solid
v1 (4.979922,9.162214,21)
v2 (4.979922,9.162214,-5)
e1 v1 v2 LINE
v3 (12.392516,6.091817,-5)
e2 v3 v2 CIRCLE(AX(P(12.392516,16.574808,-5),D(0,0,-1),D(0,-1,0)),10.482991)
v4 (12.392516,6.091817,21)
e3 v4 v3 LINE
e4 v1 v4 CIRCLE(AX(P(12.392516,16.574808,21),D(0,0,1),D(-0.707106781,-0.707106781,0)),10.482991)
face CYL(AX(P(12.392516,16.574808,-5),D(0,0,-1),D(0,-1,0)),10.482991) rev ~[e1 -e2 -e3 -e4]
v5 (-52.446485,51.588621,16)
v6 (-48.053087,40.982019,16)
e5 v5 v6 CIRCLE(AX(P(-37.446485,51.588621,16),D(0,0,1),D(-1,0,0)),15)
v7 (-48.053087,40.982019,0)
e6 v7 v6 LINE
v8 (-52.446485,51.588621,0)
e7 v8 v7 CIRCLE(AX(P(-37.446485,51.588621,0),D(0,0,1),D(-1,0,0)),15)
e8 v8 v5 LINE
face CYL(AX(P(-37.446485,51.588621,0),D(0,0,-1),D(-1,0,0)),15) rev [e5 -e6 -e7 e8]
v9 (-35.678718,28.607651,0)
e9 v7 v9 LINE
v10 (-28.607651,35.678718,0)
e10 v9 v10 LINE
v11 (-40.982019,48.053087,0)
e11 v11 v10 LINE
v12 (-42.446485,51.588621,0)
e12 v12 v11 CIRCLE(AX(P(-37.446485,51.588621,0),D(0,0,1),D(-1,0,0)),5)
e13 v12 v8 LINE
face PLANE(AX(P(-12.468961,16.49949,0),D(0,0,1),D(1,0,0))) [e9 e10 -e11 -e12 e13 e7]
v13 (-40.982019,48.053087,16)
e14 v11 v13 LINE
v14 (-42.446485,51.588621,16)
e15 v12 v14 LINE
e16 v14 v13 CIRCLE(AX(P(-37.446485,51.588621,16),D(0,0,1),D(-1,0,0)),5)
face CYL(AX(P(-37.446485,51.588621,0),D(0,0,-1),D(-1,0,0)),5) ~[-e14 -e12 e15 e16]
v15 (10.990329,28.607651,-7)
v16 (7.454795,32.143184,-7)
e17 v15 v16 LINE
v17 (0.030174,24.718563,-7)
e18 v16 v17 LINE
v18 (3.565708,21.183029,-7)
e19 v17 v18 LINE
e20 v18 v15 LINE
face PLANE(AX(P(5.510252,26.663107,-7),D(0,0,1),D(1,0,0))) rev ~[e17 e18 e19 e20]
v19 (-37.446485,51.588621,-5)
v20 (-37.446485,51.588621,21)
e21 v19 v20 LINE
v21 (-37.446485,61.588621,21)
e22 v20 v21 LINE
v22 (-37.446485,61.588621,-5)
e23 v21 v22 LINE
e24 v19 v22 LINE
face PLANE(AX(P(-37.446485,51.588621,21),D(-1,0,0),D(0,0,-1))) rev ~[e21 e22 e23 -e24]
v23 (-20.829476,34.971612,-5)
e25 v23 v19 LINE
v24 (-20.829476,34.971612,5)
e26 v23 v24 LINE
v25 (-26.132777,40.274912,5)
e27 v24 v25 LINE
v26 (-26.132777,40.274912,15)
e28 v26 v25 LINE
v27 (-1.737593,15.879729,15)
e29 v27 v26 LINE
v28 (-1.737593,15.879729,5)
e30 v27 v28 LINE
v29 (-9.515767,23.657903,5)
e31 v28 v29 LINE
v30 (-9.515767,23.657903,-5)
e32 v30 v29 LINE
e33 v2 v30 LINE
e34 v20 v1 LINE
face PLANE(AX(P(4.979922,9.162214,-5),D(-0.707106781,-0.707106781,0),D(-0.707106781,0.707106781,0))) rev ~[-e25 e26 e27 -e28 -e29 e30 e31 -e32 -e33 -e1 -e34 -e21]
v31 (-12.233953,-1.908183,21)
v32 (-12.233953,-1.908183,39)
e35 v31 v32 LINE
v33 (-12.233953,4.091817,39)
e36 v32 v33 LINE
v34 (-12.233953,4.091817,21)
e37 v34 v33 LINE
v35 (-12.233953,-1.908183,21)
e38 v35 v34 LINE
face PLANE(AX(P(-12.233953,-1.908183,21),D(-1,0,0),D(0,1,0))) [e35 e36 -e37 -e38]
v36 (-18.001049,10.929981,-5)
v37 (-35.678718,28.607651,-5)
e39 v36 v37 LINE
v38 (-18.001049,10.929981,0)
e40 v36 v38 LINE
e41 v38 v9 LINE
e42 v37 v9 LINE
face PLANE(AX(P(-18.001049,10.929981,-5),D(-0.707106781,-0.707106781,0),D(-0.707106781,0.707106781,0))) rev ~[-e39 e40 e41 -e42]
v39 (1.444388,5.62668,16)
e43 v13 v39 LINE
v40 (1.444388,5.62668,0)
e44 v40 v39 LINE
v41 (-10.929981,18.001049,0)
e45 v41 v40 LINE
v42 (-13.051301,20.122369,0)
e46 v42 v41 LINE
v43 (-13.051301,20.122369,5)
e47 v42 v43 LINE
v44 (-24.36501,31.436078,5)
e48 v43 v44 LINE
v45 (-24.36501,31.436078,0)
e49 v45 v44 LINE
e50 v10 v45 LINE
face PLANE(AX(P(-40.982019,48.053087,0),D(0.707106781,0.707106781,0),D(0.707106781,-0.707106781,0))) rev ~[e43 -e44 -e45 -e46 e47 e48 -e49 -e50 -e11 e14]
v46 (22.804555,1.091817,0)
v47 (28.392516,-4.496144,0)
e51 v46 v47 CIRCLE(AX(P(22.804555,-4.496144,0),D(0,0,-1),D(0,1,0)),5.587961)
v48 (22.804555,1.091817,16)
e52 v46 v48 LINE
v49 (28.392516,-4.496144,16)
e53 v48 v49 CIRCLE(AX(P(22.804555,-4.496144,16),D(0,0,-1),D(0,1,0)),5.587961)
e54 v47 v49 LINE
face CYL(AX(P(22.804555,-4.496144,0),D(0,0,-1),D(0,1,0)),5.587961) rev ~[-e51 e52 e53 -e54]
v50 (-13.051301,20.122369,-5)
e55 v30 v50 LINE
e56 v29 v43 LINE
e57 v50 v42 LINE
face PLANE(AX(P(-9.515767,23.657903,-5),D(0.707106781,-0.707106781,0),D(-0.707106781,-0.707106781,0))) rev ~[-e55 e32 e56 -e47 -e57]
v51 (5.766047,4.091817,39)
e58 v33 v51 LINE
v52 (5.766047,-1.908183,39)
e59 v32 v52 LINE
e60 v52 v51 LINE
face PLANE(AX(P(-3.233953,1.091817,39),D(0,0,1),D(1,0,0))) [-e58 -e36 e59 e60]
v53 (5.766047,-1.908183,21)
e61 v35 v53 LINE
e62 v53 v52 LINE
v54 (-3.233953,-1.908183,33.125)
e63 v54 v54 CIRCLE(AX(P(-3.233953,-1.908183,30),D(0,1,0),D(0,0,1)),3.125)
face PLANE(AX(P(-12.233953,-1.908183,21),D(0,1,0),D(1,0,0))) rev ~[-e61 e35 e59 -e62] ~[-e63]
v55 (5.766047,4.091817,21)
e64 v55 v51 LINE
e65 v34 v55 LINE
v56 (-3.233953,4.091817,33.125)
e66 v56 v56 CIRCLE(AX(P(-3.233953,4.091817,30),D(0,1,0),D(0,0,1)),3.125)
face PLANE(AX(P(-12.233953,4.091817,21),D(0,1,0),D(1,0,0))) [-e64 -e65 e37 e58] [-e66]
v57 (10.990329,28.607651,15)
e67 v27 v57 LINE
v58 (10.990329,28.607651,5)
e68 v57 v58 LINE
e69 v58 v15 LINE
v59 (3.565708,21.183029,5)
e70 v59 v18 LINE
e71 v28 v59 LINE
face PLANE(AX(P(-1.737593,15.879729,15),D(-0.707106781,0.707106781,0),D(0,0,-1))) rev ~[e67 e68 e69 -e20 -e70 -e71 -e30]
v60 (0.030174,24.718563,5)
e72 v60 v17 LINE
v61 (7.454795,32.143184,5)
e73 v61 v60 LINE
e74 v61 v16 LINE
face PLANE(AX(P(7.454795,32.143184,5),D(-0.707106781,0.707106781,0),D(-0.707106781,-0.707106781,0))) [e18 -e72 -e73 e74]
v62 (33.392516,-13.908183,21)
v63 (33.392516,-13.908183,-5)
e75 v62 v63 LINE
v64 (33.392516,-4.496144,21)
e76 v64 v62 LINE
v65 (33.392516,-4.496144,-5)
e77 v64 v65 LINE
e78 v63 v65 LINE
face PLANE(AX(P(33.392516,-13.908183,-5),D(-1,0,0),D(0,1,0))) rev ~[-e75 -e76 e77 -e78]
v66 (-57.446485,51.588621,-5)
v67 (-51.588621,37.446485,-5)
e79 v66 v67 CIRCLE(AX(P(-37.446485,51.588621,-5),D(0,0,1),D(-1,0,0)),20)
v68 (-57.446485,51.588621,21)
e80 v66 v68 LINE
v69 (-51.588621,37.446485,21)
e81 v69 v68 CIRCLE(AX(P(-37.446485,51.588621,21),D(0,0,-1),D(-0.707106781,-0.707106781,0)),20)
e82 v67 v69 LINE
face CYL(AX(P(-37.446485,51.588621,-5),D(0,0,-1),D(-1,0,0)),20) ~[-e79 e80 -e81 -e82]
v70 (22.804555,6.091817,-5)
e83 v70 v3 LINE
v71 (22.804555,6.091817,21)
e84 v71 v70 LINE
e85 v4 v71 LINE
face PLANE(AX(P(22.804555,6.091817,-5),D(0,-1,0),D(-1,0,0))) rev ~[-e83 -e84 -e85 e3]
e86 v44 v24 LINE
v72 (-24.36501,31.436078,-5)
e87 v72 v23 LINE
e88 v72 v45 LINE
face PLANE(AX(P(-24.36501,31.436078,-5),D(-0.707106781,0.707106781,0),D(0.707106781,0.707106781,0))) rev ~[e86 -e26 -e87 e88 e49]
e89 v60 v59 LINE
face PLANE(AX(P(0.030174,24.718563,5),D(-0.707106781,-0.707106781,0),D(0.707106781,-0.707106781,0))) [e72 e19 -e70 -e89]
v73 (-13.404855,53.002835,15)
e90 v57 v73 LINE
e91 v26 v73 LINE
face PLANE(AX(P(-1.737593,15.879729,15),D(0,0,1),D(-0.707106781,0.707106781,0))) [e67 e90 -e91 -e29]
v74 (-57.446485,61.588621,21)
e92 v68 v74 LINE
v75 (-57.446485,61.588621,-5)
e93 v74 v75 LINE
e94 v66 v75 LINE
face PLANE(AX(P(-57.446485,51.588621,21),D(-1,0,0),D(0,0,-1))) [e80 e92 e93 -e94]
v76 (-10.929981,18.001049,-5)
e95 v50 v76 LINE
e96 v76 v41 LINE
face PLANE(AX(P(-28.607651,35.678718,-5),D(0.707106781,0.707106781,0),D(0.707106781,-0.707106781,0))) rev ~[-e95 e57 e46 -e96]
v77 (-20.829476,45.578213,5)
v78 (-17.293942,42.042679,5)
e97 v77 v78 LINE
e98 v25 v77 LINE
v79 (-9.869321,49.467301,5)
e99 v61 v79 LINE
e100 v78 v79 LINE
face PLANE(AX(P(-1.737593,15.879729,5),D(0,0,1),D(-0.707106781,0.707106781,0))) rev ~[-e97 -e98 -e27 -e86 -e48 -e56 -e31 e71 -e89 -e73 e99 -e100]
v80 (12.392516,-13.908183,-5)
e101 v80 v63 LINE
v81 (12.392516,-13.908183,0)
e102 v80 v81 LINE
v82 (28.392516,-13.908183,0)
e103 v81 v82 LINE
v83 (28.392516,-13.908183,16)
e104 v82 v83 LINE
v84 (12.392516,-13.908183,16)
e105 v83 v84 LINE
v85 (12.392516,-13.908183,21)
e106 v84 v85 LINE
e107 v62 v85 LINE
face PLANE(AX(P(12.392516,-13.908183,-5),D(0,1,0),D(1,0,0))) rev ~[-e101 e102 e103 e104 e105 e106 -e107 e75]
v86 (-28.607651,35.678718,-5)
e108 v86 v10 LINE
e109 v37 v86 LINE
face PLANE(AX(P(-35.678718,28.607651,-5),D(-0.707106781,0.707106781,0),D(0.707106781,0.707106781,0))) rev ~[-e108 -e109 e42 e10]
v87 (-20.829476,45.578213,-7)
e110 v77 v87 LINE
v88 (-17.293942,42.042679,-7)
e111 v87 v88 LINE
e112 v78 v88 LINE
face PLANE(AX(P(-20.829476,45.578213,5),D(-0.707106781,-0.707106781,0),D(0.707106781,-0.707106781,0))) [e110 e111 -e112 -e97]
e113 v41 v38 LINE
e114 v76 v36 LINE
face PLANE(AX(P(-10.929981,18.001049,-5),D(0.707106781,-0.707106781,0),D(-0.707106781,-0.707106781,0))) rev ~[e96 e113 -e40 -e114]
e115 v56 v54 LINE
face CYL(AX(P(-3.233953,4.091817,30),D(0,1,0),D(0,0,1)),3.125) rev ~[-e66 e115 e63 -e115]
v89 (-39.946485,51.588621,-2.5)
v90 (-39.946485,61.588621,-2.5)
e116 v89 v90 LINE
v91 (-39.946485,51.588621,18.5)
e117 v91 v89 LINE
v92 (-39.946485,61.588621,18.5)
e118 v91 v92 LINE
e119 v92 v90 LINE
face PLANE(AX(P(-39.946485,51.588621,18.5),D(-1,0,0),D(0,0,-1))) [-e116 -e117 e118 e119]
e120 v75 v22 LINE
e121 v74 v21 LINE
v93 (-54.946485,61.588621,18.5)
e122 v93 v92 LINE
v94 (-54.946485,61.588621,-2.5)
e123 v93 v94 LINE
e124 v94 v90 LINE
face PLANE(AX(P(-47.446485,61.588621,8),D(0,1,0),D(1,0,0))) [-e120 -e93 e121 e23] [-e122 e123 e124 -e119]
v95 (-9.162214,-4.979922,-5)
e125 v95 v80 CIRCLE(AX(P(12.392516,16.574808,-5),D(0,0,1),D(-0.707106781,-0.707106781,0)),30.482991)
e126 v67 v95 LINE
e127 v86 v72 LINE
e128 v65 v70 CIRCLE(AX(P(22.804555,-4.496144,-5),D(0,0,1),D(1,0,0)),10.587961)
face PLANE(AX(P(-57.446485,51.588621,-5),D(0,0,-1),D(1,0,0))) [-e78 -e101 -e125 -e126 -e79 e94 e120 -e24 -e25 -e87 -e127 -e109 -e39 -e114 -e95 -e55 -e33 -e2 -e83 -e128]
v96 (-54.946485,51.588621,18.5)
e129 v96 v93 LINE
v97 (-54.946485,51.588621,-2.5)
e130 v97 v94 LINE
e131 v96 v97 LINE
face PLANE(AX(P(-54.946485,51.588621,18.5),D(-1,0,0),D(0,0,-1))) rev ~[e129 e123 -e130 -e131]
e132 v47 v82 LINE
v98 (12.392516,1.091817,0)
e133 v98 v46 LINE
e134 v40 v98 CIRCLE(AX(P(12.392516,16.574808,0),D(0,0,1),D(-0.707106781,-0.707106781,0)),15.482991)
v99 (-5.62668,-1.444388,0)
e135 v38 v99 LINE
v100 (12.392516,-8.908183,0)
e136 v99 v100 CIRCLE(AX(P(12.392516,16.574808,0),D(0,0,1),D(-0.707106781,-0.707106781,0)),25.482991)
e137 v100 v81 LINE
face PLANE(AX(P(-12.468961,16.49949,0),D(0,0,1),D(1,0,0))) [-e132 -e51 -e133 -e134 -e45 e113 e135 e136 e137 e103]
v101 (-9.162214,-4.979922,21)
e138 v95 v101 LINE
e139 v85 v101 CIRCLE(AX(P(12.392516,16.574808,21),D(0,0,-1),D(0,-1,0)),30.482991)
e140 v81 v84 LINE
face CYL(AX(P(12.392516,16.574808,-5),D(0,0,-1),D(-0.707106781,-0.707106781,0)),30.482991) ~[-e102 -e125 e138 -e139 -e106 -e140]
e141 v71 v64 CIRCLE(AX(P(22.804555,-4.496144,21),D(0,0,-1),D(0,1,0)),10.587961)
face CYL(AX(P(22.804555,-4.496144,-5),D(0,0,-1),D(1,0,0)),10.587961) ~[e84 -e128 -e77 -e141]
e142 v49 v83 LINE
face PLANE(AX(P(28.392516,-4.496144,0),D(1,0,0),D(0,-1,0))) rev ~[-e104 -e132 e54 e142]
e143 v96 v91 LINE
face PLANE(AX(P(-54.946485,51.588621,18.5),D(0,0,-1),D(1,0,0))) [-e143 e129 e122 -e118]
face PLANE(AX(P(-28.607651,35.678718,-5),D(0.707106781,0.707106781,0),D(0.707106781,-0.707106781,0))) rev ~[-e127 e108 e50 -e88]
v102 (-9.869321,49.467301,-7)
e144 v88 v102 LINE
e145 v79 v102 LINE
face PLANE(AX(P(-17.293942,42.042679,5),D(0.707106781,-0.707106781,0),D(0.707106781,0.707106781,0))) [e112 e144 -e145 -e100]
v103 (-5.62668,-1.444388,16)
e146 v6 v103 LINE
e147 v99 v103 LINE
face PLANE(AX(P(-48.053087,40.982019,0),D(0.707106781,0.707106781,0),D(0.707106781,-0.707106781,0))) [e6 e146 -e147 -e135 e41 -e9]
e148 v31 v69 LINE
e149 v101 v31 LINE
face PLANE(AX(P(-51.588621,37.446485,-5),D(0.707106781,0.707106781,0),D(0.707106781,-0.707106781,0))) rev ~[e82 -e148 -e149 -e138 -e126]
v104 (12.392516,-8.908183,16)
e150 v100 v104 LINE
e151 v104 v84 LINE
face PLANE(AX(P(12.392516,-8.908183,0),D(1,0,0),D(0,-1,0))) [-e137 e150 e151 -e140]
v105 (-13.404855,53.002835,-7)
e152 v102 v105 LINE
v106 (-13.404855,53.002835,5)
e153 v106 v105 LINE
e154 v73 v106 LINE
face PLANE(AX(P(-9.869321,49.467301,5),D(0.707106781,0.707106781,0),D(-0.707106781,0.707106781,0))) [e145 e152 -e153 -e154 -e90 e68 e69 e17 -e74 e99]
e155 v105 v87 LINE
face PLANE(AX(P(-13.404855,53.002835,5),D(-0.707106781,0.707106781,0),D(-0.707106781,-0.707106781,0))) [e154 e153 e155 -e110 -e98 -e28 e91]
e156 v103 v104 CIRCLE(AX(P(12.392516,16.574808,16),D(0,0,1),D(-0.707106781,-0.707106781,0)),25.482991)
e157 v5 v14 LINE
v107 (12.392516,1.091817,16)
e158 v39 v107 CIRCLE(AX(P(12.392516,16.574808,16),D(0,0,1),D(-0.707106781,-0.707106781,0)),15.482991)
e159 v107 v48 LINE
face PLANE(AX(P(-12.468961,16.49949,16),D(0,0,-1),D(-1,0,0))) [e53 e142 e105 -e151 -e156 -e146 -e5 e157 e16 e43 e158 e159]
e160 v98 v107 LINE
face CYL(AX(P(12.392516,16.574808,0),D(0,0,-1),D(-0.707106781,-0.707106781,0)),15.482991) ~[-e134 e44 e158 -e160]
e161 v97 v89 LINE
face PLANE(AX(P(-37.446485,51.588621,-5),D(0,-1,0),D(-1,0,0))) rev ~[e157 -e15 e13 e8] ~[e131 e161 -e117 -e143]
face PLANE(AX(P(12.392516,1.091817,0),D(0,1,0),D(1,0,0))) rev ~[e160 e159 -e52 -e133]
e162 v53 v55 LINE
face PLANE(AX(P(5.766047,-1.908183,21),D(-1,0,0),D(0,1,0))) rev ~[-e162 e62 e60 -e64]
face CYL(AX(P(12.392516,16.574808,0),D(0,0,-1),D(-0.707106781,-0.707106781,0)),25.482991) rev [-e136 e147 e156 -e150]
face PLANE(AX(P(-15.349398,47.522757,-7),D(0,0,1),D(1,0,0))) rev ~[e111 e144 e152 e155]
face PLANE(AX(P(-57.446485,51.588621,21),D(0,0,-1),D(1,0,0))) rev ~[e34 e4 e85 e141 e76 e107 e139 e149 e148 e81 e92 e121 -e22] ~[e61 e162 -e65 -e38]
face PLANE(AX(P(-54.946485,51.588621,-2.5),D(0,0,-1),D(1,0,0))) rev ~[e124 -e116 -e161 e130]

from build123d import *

# Parameters (mm, degrees)
BOSS_EXTRUDE1_DEPTH   = 16
BOSS_EXTRUDE1_2_DEPTH = 16
BOSS_EXTRUDE4_DEPTH   = 5
BOSS_EXTRUDE5_START   = 5
BOSS_EXTRUDE5_DEPTH   = 5
SKETCH7_W             = 20
SKETCH7_H             = 26
SKETCH7_W_2           = 15
SKETCH7_H_2           = 21
BOSS_EXTRUDE6_DEPTH   = 10
SKETCH9_W             = 10
SKETCH9_H             = 34.5
BOSS_EXTRUDE7_DEPTH   = 18
BOSS_EXTRUDE8_DEPTH   = 12
CUT_EXTRUDE3_DEPTH    = 10
SKETCH12_W            = 18
SKETCH12_H            = 6
BOSS_EXTRUDE9_DEPTH   = 18
SKETCH13_R            = 3.125
CUT_EXTRUDE4_DEPTH    = 18


with BuildPart() as part:
    # Sketch1 → Boss-Extrude1 (new body)
    with BuildSketch(Plane.XY):
        with BuildLine():
            Line((-40.982019254, 48.053087066), (1.444387617, 5.626680195))
            ThreePointArc((1.444387617, 5.626680195), (6.46743153, 2.270389555), (12.392515814, 1.091817013))
            Line((12.392515814, 1.091817013), (22.804554858, 1.091817013))
            ThreePointArc((22.804554858, 1.091817013), (26.755839943, -0.544858858), (28.392515814, -4.496143942))
            Line((28.392515814, -4.496143942), (28.392515814, -13.908182987))
            Line((28.392515814, -13.908182987), (33.392515814, -13.908182987))
            Line((33.392515814, -13.908182987), (33.392515814, -4.496143942))
            ThreePointArc((33.392515814, -4.496143942), (30.291373849, 2.990675048), (22.804554858, 6.091817013))
            Line((22.804554858, 6.091817013), (12.392515814, 6.091817013))
            ThreePointArc((12.392515814, 6.091817013), (8.380848692, 6.889787217), (4.979921523, 9.162214101))
            Line((4.979921523, 9.162214101), (-37.446485348, 51.588620972))
            Line((-37.446485348, 51.588620972), (-42.446485348, 51.588620972))
            ThreePointArc((-42.446485348, 51.588620972), (-42.065883011, 49.67520381), (-40.982019254, 48.053087066))
        make_face()
    extrude(amount=BOSS_EXTRUDE1_DEPTH)



with BuildPart() as body_2:
    # Sketch1 → Boss-Extrude1 2 (new body)
    with BuildSketch(Plane.XY):
        with BuildLine():
            Line((-48.053087066, 40.982019254), (-5.626680195, -1.444387617))
            ThreePointArc((-5.626680195, -1.444387617), (2.640597206, -6.96840577), (12.392515814, -8.908182987))
            Line((12.392515814, -8.908182987), (12.392515814, -13.908182987))
            ThreePointArc((12.392515814, -13.908182987), (0.727180044, -11.587803433), (-9.162214101, -4.979921523))
            Line((-9.162214101, -4.979921523), (-51.588620972, 37.446485348))
            ThreePointArc((-51.588620972, 37.446485348), (-55.924075998, 43.934952324), (-57.446485348, 51.588620972))
            Line((-57.446485348, 51.588620972), (-52.446485348, 51.588620972))
            ThreePointArc((-52.446485348, 51.588620972), (-51.304678336, 45.848369486), (-48.053087066, 40.982019254))
        make_face()
    extrude(amount=BOSS_EXTRUDE1_2_DEPTH)


with BuildPart() as part_1:
    add(part.part)

    add(body_2.part)  # Boss-Extrude4 merges body 2
    # Sketch5 → Boss-Extrude4 (add)
    with BuildSketch(Plane.XY.offset(16)):
        with BuildLine():
            Line((-57.446485348, 51.588620972), (-37.446485348, 51.588620972))
            Line((-37.446485348, 51.588620972), (4.979921523, 9.162214101))
            ThreePointArc((4.979921523, 9.162214101), (8.380848692, 6.889787217), (12.392515814, 6.091817013))
            Line((12.392515814, 6.091817013), (22.804554858, 6.091817013))
            ThreePointArc((22.804554858, 6.091817013), (30.291373849, 2.990675048), (33.392515814, -4.496143942))
            Line((33.392515814, -4.496143942), (33.392515814, -13.908182987))
            Line((33.392515814, -13.908182987), (12.392515814, -13.908182987))
            ThreePointArc((12.392515814, -13.908182987), (0.727180044, -11.587803433), (-9.162214101, -4.979921523))
            Line((-9.162214101, -4.979921523), (-51.588620972, 37.446485348))
            ThreePointArc((-51.588620972, 37.446485348), (-55.924075998, 43.934952324), (-57.446485348, 51.588620972))
        make_face()
    extrude(amount=BOSS_EXTRUDE4_DEPTH)

    # Sketch6 → Boss-Extrude5 (add)
    with BuildSketch(Plane(origin=(0, 0, 0), x_dir=(-1, 0, 0), z_dir=(0, 0, -1)).offset(BOSS_EXTRUDE5_START)):
        with BuildLine():
            Line((-4.979921523, 9.162214101), (37.446485348, 51.588620972))
            Line((37.446485348, 51.588620972), (57.446485348, 51.588620972))
            ThreePointArc((57.446485348, 51.588620972), (55.924075998, 43.934952324), (51.588620972, 37.446485348))
            Line((51.588620972, 37.446485348), (9.162214101, -4.979921523))
            ThreePointArc((9.162214101, -4.979921523), (-0.727180044, -11.587803433), (-12.392515814, -13.908182987))
            Line((-12.392515814, -13.908182987), (-33.392515814, -13.908182987))
            Line((-33.392515814, -13.908182987), (-33.392515814, -4.496143942))
            ThreePointArc((-33.392515814, -4.496143942), (-30.291373849, 2.990675048), (-22.804554858, 6.091817013))
            Line((-22.804554858, 6.091817013), (-12.392515814, 6.091817013))
            ThreePointArc((-12.392515814, 6.091817013), (-8.380848692, 6.889787217), (-4.979921523, 9.162214101))
        make_face()
        Polygon((28.607650583, 35.678718395), (10.929981054, 18.001048865), (18.001048865, 10.929981054), (35.678718395, 28.607650583), align=None, mode=Mode.SUBTRACT)
    extrude(amount=-BOSS_EXTRUDE5_DEPTH)

    # Sketch7 → Boss-Extrude6 (add)
    with BuildSketch(Plane(origin=(0, 51.588620972, 0), x_dir=(1, 0, 0), z_dir=(0, 1, 0))):
        with Locations((-47.446485348, -8)):
            Rectangle(SKETCH7_W, SKETCH7_H)
        with Locations((-47.446485348, -8)):
            Rectangle(SKETCH7_W_2, SKETCH7_H_2, mode=Mode.SUBTRACT)
    extrude(amount=BOSS_EXTRUDE6_DEPTH)

    # Sketch9 → Boss-Extrude7 (add)
    with BuildSketch(Plane(origin=(7.071067812, 7.071067812, 0), x_dir=(0, 0, -1), z_dir=(0.7071067811865486, 0.7071067811865465, 0))):
        with Locations((-10, 29.707327442)):
            Rectangle(SKETCH9_W, SKETCH9_H)
    extrude(amount=BOSS_EXTRUDE7_DEPTH)

    # Sketch10 → Boss-Extrude8 (add)
    with BuildSketch(Plane(origin=(0, 0, 5), x_dir=(-1, 0, 0), z_dir=(0, 0, -1))):
        Polygon((20.82947599, 45.578213332), (17.293942084, 42.042679426), (9.869320882, 49.467300628), (13.404854788, 53.002834534), align=None)
        Polygon((-10.990329163, 28.607650583), (-7.454795257, 32.143184489), (-0.030174055, 24.718563287), (-3.565707961, 21.183029381), align=None)
    extrude(amount=BOSS_EXTRUDE8_DEPTH)

    # Sketch11 → Cut-Extrude3 (cut)
    with BuildSketch(Plane(origin=(0, 0, -5), x_dir=(-1, 0, 0), z_dir=(0, 0, -1))):
        Polygon((24.365009896, 31.436077708), (20.82947599, 34.971611614), (16.233281912, 30.375417536), (9.515767491, 23.657903115), (13.051301397, 20.122369209), (19.768815818, 26.83988363), align=None)
    extrude(amount=-CUT_EXTRUDE3_DEPTH, mode=Mode.SUBTRACT)

    # Sketch12 → Boss-Extrude9 (add)
    with BuildSketch(Plane.XY.offset(21)):
        with Locations((-3.233952637, 1.091817013)):
            Rectangle(SKETCH12_W, SKETCH12_H)
    extrude(amount=BOSS_EXTRUDE9_DEPTH)

    # Sketch13 → Cut-Extrude4 (cut)
    with BuildSketch(Plane(origin=(0, 4.091817013, 0), x_dir=(1, 0, 0), z_dir=(0, 1, 0))):
        with Locations(Location((-3.233952637, -30, 0), (0, 0, 270))):
            Circle(SKETCH13_R)
    extrude(amount=-CUT_EXTRUDE4_DEPTH, mode=Mode.SUBTRACT)


solid = part_1.part
